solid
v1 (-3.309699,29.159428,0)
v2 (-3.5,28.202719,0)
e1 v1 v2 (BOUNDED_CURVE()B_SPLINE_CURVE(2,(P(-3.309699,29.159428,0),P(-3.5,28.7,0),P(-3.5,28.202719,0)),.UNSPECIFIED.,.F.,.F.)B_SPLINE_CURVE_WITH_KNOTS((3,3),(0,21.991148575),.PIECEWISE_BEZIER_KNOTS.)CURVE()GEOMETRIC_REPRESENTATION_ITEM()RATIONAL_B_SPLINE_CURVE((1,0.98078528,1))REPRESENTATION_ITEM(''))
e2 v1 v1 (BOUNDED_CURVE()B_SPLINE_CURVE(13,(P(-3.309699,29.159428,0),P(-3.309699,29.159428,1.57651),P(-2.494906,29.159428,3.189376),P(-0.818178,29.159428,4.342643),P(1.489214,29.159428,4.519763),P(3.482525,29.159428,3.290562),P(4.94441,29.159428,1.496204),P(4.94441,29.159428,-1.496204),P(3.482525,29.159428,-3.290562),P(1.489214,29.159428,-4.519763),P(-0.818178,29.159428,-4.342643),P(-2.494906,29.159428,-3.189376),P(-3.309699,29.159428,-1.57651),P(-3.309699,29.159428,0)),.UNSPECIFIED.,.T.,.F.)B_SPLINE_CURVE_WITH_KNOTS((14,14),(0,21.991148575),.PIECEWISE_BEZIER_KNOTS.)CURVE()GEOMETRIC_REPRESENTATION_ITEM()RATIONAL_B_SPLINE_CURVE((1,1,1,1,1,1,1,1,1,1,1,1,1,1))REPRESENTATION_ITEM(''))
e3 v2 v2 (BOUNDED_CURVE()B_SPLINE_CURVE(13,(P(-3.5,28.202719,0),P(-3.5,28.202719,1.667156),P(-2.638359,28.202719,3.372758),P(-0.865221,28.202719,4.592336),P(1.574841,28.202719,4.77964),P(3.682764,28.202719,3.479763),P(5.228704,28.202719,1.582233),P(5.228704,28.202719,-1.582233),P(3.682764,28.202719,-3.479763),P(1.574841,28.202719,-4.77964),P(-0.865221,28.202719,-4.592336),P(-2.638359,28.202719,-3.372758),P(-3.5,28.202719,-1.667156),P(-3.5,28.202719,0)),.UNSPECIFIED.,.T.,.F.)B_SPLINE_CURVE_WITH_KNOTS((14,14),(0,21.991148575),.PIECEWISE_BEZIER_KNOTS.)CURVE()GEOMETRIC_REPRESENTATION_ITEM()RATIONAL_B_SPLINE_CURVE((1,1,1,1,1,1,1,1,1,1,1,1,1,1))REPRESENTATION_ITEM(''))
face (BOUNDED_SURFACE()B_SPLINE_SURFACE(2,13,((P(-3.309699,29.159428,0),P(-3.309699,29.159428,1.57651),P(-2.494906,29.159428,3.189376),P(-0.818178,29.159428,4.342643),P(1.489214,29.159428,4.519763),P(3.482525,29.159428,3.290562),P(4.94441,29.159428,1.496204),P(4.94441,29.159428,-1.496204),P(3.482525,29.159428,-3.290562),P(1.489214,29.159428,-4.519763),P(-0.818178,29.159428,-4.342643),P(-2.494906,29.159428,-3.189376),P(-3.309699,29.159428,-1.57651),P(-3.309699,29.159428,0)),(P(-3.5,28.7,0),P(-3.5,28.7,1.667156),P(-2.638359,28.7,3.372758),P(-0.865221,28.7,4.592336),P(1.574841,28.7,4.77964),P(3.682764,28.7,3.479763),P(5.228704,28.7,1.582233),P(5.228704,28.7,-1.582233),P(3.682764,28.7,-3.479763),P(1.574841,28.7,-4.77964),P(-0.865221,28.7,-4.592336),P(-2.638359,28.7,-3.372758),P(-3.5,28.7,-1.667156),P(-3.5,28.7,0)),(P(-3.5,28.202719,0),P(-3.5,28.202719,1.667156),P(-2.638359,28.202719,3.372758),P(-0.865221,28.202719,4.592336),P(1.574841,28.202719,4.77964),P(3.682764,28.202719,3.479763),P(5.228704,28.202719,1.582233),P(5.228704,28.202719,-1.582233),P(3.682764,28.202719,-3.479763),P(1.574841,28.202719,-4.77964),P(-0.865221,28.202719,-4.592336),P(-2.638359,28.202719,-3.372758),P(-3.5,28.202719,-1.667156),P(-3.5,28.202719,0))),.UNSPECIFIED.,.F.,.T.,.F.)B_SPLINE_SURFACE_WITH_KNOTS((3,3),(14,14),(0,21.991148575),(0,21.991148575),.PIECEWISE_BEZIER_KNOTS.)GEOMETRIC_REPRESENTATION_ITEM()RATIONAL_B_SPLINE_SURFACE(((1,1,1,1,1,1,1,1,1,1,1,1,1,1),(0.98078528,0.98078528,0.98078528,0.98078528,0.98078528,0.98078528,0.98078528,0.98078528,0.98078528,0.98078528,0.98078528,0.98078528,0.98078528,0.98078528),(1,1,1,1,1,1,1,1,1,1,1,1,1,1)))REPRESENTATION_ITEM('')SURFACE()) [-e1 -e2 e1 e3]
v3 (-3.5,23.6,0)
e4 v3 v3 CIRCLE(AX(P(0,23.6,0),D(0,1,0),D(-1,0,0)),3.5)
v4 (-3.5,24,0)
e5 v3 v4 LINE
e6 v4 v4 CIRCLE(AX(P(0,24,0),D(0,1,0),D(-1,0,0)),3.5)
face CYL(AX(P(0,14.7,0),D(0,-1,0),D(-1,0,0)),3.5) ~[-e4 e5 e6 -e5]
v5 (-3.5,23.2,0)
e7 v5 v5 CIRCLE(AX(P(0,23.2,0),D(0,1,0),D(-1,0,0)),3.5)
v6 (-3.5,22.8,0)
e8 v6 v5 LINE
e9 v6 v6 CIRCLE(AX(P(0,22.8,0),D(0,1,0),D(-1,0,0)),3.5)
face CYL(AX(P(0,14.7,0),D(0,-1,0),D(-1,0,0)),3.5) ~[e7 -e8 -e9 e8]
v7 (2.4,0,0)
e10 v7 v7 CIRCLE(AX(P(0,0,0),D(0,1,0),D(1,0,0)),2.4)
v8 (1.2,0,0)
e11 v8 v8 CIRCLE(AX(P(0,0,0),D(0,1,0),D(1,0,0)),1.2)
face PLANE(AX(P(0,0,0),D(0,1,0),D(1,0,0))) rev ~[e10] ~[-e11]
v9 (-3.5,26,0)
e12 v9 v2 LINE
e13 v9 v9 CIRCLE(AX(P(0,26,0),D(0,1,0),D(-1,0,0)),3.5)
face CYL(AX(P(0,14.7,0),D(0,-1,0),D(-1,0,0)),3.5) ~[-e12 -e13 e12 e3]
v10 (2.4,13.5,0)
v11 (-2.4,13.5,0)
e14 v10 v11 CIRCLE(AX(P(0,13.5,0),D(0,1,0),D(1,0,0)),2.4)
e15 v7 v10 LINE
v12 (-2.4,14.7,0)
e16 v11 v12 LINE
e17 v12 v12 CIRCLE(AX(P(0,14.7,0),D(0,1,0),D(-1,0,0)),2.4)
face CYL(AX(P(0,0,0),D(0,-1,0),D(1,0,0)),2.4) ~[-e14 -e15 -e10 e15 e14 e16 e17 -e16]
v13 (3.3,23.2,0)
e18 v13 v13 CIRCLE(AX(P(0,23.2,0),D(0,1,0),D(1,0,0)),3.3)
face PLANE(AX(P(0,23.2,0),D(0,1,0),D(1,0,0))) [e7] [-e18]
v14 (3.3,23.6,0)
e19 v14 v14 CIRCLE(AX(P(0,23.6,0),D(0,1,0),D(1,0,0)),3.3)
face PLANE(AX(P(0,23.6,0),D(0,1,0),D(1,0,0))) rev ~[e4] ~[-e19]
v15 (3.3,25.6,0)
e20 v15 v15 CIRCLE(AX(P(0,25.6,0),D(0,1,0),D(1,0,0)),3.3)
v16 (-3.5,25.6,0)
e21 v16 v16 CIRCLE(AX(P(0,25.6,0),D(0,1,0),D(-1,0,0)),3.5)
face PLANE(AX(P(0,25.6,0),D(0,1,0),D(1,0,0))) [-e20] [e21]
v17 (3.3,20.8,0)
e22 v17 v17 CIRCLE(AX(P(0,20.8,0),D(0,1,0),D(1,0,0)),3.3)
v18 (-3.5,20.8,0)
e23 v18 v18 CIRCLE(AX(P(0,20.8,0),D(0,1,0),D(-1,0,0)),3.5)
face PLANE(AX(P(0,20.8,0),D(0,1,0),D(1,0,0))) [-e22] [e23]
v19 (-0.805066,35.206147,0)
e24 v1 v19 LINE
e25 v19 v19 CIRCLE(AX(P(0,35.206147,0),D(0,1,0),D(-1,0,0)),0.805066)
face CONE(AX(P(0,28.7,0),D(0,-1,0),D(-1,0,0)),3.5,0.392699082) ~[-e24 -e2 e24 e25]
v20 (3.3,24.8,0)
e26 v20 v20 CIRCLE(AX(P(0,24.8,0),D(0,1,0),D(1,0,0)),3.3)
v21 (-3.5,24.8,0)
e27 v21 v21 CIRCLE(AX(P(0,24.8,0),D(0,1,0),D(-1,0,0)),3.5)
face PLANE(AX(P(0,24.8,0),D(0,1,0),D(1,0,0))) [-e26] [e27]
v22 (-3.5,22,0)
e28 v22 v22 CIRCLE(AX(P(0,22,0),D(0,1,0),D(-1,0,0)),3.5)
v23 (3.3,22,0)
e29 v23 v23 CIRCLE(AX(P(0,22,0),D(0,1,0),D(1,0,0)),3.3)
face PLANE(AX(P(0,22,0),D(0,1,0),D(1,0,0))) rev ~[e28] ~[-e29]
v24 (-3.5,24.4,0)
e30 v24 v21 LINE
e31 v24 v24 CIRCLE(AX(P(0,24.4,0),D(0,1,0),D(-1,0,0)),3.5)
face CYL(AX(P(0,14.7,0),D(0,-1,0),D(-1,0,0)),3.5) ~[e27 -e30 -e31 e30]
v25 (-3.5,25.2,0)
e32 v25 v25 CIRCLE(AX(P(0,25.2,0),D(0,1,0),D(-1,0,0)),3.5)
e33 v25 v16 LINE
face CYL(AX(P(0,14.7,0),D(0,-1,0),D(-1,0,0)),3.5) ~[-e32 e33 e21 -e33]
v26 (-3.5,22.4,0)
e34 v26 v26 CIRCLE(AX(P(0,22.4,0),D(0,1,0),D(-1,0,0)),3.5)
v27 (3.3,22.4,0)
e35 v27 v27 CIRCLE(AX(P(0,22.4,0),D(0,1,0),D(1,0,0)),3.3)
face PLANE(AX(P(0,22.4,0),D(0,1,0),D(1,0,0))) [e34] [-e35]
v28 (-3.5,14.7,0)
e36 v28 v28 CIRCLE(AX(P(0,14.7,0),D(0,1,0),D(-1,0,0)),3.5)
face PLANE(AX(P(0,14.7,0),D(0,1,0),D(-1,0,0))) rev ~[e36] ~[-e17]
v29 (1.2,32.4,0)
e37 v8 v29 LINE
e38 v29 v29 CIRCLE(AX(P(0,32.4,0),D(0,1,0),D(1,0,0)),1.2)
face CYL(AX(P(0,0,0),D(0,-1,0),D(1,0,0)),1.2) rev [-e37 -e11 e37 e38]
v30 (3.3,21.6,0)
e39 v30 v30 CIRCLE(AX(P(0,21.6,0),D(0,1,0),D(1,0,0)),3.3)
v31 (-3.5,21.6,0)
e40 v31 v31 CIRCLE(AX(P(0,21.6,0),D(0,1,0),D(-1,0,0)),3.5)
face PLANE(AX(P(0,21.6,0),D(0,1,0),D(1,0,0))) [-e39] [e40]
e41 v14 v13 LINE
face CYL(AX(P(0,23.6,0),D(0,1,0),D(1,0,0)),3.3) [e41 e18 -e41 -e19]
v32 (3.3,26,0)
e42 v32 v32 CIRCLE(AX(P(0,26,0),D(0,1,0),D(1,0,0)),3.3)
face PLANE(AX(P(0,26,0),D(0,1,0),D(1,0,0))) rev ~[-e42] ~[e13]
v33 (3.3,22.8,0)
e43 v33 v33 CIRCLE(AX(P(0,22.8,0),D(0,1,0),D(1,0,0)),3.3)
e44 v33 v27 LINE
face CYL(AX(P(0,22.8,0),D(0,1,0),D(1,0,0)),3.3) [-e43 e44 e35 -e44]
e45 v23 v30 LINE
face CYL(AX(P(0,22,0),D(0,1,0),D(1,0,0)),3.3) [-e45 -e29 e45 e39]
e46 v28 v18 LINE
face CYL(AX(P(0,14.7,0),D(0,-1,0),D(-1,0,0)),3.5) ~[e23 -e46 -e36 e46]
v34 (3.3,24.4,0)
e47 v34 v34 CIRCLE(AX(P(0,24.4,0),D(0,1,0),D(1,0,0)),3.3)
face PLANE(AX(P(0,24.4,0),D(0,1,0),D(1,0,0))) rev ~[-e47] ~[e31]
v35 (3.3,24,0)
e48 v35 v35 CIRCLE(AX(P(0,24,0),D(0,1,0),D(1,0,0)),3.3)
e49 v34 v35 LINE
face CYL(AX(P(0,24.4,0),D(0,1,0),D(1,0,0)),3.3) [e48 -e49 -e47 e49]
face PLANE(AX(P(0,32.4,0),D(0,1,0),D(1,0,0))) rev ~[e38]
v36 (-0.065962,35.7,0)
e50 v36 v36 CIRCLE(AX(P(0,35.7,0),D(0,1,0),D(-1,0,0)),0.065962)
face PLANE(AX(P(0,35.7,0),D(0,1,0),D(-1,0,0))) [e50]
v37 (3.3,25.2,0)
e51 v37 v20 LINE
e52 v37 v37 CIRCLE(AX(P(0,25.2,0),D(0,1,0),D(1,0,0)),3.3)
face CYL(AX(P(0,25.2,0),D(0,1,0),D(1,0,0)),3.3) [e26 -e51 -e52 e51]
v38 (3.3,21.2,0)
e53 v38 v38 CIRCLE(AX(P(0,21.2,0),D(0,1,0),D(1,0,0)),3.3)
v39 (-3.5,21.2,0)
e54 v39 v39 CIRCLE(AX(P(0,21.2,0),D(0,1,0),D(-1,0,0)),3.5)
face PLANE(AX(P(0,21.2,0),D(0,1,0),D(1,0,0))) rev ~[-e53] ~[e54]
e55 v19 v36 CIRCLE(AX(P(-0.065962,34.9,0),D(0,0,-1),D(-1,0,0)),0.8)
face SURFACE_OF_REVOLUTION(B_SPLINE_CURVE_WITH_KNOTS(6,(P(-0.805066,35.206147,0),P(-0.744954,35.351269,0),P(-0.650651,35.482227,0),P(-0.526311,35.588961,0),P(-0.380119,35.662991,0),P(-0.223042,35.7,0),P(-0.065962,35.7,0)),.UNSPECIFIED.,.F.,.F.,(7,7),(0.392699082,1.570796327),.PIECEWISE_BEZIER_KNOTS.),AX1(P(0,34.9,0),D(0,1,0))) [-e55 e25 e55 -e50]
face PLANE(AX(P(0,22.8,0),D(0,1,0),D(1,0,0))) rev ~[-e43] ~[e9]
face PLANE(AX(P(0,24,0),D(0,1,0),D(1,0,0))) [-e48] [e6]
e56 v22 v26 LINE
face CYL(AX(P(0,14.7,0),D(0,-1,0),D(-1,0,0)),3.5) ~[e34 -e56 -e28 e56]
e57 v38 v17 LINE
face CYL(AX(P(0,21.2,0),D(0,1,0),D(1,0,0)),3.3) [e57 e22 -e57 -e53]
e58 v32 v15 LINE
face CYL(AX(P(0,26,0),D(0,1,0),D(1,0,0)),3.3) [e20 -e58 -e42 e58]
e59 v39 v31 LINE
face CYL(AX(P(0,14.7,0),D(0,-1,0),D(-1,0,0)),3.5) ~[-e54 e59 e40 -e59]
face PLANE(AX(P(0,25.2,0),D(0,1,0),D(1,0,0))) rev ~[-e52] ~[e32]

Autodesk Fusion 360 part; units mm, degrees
sketch "Sketch1" plane through (0, 0, 0) normal (0, 1, 0) x (1, 0, 0)
  circle A0 centre (0, 0) radius 1.2
  circle A1 centre (0, 0) radius 2.4
  dimension "d1" = 2.4
  dimension "d2" = 1.2
extrude "Extrude1" add sketch "Sketch1" along normal blind 13.5
sketch "Sketch2" plane through (0, 13.5, 0) normal (0, 1, 0) x (-1, 0, 0)
  circle A0 centre (0, 0) radius 1.2
  circle A1 centre (0, 0) radius 2.4
  circle A2 centre (0, 0) radius 1.2
  circle A3 centre (0, 0) radius 2.4
extrude "Extrude2" add sketch "Sketch2" along normal blind 1.2 contours A0 A2 | A1 A3
sketch "Sketch3" plane through (0, 14.7, 0) normal (0, 1, 0) x (-1, 0, 0)
  circle A0 centre (0, 0) radius 2.4
  circle A1 centre (0, 0) radius 3.5
  dimension "d11" = 7
extrude "Extrude3" add sketch "Sketch3" along normal blind 14 contours A0 | A1
extrude "Extrude4" add 1 faces at (0.7915, 28.7, 0.6312) along direction (0, 1, 0) blind 7 draft -22.5
fillet "Fillet1" radius 0.8 1 faces at (-0.4122, 35.7, -0.15)
fillet "Fillet2" radius 2.5 1 edges at (3.2631, 28.7, -1.2657)
sketch "Sketch4" plane through (0, 14.7, 0) normal (0, -1, 0) x (1, 0, 0)
  circle A0 centre (0, 0) radius 3.5
  circle A1 centre (0, 0) radius 2.4
sketch "Sketch5" plane through (0, 0, 0) normal (0, 1, 0) x (1, 0, 0)
  circle A0 centre (0, 0) radius 3.5
  circle A1 centre (0, 0) radius 3.3
  dimension "d20" = 7
  dimension "d21" = 6.6
extrude "Extrude7" cut sketch "Sketch5" along normal blind 20.8 and the other way blind -21.2
extrude "Extrude8" cut sketch "Sketch5" along normal blind 21.6 and the other way blind -22
extrude "Extrude9" cut sketch "Sketch5" along normal blind 22.4 and the other way blind -22.8
extrude "Extrude10" cut sketch "Sketch5" along normal blind 23.2 and the other way blind -23.6
extrude "Extrude11" cut sketch "Sketch5" along normal blind 24 and the other way blind -24.4
extrude "Extrude12" cut sketch "Sketch5" along normal blind 24.8 and the other way blind -25.2
extrude "Extrude13" cut sketch "Sketch5" along normal blind 25.6 and the other way blind -26
extrude "Extrude15" cut sketch "Sketch1" along normal blind 32.4 contours A0
equation "d1 = ProbeDiameter + ProbeDeiameterClearence"
equation "d2 = WallThickness"
equation "d3 = ProbeLenght"
equation "d5 = WallThickness"
equation "ProbeDiameter = 2.4 mm"
equation "ProbeDeiameterClearence = 0 mm"
equation "ProbeLenght = 13.5 mm"
equation "WallThickness = 1.2 mm"
equation "RidgeBaseDist = 19.6 mm"
equation "RidgeDistIncrement = 0.4 mm"
equation "RidgeSecondDist = -19.2 mm"
equation "RidgeCutGap = -0.4 mm"
equation "d34 = RidgeBaseDist + ( 3 * RidgeDistIncrement )"
equation "d36 = RidgeSecondDist + ( 5 * RidgeCutGap )"
equation "d38 = RidgeBaseDist + ( 5 * RidgeDistIncrement )"
equation "d40 = RidgeSecondDist + ( 7 * RidgeCutGap )"
equation "d42 = RidgeBaseDist + ( 7 * RidgeDistIncrement )"
equation "d44 = RidgeSecondDist + ( 9 * RidgeCutGap )"
equation "d46 = RidgeBaseDist + ( 9 * RidgeDistIncrement )"
equation "d48 = RidgeSecondDist + ( 11 * RidgeCutGap )"
equation "d50 = RidgeBaseDist + ( 11 * RidgeDistIncrement )"
equation "d52 = RidgeSecondDist + ( 13 * RidgeCutGap )"
equation "d54 = RidgeBaseDist + ( 13 * RidgeDistIncrement )"
equation "d56 = RidgeSecondDist + ( 15 * RidgeCutGap )"
equation "d58 = RidgeBaseDist + ( 15 * RidgeDistIncrement )"
equation "d60 = RidgeSecondDist + ( 17 * RidgeCutGap )"
